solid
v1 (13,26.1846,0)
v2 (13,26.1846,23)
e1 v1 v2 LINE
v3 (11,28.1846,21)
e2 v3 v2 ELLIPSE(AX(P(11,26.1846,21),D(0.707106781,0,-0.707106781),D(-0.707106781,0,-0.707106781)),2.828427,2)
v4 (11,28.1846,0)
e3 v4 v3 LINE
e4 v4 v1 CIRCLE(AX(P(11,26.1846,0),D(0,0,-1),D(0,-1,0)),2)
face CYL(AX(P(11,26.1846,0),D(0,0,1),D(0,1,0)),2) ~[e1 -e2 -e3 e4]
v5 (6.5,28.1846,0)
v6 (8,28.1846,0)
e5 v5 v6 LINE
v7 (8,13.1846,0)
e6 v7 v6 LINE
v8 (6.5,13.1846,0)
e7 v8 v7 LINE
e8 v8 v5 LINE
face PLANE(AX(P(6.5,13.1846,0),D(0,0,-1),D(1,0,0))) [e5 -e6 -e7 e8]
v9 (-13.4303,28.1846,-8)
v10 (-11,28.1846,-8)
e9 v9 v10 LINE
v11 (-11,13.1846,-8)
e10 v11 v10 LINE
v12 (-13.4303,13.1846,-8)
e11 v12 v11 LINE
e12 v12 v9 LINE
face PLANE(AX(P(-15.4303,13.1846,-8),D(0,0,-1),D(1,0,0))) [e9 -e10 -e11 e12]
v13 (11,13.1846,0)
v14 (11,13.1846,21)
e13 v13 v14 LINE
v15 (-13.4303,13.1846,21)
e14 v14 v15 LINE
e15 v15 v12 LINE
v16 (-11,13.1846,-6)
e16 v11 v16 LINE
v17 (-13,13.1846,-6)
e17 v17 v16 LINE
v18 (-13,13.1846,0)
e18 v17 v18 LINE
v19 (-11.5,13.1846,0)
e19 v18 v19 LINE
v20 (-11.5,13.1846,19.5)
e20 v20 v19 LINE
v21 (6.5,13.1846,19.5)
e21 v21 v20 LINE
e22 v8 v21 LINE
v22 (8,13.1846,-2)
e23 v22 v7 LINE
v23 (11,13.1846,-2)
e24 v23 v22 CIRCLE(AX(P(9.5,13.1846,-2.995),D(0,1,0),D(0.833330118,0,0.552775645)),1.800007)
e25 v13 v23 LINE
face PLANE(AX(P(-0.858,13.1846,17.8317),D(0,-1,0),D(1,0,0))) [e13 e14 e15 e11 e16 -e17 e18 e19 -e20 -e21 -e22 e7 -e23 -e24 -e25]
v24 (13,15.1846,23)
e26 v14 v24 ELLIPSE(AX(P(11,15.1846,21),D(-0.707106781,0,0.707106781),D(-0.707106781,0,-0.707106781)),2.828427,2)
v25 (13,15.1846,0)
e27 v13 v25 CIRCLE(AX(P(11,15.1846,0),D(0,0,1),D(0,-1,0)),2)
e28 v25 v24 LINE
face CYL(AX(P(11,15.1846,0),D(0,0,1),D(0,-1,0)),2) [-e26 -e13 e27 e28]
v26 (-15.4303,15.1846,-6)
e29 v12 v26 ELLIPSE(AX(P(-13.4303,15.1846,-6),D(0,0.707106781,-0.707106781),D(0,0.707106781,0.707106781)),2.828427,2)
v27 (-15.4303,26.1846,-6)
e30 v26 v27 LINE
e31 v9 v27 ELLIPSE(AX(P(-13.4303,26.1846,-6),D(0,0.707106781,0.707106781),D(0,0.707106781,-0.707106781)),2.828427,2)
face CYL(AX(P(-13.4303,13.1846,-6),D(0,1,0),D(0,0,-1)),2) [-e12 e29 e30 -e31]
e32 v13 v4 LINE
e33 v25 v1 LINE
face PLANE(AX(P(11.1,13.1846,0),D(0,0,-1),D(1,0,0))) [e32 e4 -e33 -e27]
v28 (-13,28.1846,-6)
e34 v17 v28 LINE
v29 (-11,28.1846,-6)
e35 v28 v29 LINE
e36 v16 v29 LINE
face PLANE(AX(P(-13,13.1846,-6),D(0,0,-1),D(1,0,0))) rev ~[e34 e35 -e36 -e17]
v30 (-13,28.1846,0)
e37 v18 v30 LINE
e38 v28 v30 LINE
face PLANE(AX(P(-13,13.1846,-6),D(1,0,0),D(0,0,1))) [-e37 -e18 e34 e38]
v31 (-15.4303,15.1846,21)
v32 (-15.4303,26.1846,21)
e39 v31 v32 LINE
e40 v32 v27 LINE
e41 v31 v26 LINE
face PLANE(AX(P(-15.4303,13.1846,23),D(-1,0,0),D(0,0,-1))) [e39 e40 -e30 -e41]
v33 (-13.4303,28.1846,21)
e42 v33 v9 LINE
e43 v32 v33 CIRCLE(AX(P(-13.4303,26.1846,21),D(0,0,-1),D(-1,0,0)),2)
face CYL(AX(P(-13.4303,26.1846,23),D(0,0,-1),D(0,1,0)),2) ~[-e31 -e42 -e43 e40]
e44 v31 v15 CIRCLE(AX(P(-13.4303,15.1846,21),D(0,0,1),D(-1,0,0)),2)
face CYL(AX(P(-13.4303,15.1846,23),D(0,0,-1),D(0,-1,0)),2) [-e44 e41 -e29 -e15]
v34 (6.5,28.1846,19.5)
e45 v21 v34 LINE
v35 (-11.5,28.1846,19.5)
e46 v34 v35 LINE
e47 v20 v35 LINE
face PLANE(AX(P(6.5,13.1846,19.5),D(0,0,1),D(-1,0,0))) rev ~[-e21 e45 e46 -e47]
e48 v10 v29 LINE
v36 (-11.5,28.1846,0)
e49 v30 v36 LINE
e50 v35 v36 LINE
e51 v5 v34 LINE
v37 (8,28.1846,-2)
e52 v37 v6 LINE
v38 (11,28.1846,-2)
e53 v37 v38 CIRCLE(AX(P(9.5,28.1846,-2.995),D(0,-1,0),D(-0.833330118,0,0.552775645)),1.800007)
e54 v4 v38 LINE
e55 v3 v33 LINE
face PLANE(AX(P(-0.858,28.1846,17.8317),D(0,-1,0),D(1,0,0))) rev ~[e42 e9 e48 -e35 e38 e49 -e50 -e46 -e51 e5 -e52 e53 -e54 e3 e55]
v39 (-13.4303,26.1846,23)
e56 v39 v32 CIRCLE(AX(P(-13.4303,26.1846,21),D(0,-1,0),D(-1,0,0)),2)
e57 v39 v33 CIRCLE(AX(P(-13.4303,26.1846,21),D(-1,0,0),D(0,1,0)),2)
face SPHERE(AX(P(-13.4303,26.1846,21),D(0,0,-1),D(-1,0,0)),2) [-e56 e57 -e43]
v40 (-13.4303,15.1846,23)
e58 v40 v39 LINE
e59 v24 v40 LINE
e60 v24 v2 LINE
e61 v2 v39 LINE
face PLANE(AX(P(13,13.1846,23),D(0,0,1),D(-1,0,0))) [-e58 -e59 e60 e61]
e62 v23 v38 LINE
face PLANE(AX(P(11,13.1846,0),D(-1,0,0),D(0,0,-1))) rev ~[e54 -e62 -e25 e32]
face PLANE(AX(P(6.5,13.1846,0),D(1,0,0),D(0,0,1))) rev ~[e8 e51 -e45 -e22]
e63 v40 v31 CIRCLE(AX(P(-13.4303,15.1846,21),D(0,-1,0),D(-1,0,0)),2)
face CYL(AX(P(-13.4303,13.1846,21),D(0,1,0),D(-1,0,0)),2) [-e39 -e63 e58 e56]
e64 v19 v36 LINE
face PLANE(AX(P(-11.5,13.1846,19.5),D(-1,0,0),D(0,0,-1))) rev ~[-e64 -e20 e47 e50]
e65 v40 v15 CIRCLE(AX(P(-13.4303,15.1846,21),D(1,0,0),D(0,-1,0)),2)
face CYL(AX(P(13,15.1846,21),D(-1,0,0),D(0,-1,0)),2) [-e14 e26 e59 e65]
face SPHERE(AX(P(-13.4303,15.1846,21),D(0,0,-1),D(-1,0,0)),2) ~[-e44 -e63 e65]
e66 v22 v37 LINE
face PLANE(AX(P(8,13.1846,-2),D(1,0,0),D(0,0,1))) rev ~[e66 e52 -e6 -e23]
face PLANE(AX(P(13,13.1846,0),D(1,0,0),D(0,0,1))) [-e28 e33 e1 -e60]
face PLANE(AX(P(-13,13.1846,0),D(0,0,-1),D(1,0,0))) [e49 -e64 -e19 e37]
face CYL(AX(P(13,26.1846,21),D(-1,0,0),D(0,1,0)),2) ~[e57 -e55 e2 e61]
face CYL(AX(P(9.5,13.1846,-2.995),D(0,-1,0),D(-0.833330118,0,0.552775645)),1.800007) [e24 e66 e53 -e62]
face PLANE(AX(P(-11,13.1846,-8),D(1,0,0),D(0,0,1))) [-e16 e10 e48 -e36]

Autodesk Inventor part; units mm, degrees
ref_plane "YZ Plane" through (0, 0, 0) normal (1, 0, 0) x (0, 1, 0)
ref_plane "XZ Plane" through (0, 0, 0) normal (0, 1, 0) x (-1, 0, 0)
ref_plane "XY Plane" through (0, 0, 0) normal (0, 0, 1) x (1, 0, 0)
ref_plane "РабПлоскость1" through (-0.858, 10.5846, 17.8317) normal (0, -1, 0) x (1, 0, 0)
ref_plane "РабПлоскость2" through (4.892, 13.1846, 45.3317) normal (0, 1, 0) x (1, 0, 0)
sketch "Эскиз1" plane through (-0.858, 13.1846, 17.8317) normal (0, -1, 0) x (1, 0, 0)
  arc A0 (8.858, -19.8317) -> (11.858, -19.8317) centre (10.358, -20.8267) ccw projected
  line L0 (8.858, -19.8317) -> (8.858, -17.8317) projected
  line L1 (11.858, -17.8317) -> (11.858, -19.8317) projected
  line L2 (11.958, -17.8317) -> (11.958, -21.4012)
  arc A1 (8.958, -21.7911) -> (11.958, -21.4012) centre (10.358, -20.8267) ccw
  line L3 (8.958, -21.7911) -> (8.958, -17.8317)
  line L4 (11.858, -17.8317) -> (13.858, -17.8317) projected
  line L5 (4.858, -17.8317) -> (8.858, -17.8317) projected
  line L6 (7.358, -19.8317) -> (7.358, 1.6683) projected
  line L7 (7.358, 1.6683) -> (-10.642, 1.6683) projected
  line L8 (-10.642, 1.6683) -> (-10.642, -19.8317) projected
  line L9 (-12.142, -17.8317) -> (-8.142, -17.8317) projected
  line L10 (-12.142, -23.8317) -> (-12.142, -17.8317) projected
  line L11 (13.858, -17.8317) -> (13.858, 5.1683)
  line L12 (13.858, 5.1683) -> (-14.5723, 5.1683)
  line L13 (-14.5723, 5.1683) -> (-14.5723, -25.8317)
  line L14 (-14.5723, -25.8317) -> (-10.142, -25.8317)
  line L15 (-10.142, -25.8317) -> (-10.142, -23.8317)
  line L16 (-12.142, -23.8317) -> (-10.142, -23.8317)
  line L17 (8.858, -17.8317) -> (8.958, -17.8317)
  line L18 (11.858, -17.8317) -> (11.958, -17.8317)
  point P0 (0.858, -17.8317)
  point P1 (-10.642, -17.8317)
  point P2 (7.358, -17.8317)
  point P3 (19.5, 6.5781)
  point P4 (19.5, 4.3408)
  point P5 (1.1058, 1.6683)
  point P6 (19.1666, -17.8317)
  point P7 (11.858, -18.4138)
  point P8 (-4.2637, -11.6345)
  point P9 (-4.2637, 1.6683)
  dimension "d0" = 0.1
  dimension "d1" = 23
  dimension "d2" = 2
  dimension "d3" = 2
extrude "Выдавливание1" add sketch "Эскиз1" against normal blind 15 contours L0 L17 L3 A1 L2 A0 | L2 A1 L3 L17 L5 L6 L7 L8 L9 L10 L16 L15 L14 L13 L12 L11 L4 L1 A0
fillet "Сопряжение1" radius 2 8 edges at (-15.4303, 20.6846, -8) (-15.4303, 13.1846, 7.5) (-15.4303, 28.1846, 7.5) (-15.4303, 20.6846, 23) (-1.2151, 13.1846, 23) (-1.2151, 28.1846, 23) (13, 13.1846, 11.5) (13, 28.1846, 11.5)
properties part number "ЛЦМК.30000.10.00.03 Крышка передняя"
